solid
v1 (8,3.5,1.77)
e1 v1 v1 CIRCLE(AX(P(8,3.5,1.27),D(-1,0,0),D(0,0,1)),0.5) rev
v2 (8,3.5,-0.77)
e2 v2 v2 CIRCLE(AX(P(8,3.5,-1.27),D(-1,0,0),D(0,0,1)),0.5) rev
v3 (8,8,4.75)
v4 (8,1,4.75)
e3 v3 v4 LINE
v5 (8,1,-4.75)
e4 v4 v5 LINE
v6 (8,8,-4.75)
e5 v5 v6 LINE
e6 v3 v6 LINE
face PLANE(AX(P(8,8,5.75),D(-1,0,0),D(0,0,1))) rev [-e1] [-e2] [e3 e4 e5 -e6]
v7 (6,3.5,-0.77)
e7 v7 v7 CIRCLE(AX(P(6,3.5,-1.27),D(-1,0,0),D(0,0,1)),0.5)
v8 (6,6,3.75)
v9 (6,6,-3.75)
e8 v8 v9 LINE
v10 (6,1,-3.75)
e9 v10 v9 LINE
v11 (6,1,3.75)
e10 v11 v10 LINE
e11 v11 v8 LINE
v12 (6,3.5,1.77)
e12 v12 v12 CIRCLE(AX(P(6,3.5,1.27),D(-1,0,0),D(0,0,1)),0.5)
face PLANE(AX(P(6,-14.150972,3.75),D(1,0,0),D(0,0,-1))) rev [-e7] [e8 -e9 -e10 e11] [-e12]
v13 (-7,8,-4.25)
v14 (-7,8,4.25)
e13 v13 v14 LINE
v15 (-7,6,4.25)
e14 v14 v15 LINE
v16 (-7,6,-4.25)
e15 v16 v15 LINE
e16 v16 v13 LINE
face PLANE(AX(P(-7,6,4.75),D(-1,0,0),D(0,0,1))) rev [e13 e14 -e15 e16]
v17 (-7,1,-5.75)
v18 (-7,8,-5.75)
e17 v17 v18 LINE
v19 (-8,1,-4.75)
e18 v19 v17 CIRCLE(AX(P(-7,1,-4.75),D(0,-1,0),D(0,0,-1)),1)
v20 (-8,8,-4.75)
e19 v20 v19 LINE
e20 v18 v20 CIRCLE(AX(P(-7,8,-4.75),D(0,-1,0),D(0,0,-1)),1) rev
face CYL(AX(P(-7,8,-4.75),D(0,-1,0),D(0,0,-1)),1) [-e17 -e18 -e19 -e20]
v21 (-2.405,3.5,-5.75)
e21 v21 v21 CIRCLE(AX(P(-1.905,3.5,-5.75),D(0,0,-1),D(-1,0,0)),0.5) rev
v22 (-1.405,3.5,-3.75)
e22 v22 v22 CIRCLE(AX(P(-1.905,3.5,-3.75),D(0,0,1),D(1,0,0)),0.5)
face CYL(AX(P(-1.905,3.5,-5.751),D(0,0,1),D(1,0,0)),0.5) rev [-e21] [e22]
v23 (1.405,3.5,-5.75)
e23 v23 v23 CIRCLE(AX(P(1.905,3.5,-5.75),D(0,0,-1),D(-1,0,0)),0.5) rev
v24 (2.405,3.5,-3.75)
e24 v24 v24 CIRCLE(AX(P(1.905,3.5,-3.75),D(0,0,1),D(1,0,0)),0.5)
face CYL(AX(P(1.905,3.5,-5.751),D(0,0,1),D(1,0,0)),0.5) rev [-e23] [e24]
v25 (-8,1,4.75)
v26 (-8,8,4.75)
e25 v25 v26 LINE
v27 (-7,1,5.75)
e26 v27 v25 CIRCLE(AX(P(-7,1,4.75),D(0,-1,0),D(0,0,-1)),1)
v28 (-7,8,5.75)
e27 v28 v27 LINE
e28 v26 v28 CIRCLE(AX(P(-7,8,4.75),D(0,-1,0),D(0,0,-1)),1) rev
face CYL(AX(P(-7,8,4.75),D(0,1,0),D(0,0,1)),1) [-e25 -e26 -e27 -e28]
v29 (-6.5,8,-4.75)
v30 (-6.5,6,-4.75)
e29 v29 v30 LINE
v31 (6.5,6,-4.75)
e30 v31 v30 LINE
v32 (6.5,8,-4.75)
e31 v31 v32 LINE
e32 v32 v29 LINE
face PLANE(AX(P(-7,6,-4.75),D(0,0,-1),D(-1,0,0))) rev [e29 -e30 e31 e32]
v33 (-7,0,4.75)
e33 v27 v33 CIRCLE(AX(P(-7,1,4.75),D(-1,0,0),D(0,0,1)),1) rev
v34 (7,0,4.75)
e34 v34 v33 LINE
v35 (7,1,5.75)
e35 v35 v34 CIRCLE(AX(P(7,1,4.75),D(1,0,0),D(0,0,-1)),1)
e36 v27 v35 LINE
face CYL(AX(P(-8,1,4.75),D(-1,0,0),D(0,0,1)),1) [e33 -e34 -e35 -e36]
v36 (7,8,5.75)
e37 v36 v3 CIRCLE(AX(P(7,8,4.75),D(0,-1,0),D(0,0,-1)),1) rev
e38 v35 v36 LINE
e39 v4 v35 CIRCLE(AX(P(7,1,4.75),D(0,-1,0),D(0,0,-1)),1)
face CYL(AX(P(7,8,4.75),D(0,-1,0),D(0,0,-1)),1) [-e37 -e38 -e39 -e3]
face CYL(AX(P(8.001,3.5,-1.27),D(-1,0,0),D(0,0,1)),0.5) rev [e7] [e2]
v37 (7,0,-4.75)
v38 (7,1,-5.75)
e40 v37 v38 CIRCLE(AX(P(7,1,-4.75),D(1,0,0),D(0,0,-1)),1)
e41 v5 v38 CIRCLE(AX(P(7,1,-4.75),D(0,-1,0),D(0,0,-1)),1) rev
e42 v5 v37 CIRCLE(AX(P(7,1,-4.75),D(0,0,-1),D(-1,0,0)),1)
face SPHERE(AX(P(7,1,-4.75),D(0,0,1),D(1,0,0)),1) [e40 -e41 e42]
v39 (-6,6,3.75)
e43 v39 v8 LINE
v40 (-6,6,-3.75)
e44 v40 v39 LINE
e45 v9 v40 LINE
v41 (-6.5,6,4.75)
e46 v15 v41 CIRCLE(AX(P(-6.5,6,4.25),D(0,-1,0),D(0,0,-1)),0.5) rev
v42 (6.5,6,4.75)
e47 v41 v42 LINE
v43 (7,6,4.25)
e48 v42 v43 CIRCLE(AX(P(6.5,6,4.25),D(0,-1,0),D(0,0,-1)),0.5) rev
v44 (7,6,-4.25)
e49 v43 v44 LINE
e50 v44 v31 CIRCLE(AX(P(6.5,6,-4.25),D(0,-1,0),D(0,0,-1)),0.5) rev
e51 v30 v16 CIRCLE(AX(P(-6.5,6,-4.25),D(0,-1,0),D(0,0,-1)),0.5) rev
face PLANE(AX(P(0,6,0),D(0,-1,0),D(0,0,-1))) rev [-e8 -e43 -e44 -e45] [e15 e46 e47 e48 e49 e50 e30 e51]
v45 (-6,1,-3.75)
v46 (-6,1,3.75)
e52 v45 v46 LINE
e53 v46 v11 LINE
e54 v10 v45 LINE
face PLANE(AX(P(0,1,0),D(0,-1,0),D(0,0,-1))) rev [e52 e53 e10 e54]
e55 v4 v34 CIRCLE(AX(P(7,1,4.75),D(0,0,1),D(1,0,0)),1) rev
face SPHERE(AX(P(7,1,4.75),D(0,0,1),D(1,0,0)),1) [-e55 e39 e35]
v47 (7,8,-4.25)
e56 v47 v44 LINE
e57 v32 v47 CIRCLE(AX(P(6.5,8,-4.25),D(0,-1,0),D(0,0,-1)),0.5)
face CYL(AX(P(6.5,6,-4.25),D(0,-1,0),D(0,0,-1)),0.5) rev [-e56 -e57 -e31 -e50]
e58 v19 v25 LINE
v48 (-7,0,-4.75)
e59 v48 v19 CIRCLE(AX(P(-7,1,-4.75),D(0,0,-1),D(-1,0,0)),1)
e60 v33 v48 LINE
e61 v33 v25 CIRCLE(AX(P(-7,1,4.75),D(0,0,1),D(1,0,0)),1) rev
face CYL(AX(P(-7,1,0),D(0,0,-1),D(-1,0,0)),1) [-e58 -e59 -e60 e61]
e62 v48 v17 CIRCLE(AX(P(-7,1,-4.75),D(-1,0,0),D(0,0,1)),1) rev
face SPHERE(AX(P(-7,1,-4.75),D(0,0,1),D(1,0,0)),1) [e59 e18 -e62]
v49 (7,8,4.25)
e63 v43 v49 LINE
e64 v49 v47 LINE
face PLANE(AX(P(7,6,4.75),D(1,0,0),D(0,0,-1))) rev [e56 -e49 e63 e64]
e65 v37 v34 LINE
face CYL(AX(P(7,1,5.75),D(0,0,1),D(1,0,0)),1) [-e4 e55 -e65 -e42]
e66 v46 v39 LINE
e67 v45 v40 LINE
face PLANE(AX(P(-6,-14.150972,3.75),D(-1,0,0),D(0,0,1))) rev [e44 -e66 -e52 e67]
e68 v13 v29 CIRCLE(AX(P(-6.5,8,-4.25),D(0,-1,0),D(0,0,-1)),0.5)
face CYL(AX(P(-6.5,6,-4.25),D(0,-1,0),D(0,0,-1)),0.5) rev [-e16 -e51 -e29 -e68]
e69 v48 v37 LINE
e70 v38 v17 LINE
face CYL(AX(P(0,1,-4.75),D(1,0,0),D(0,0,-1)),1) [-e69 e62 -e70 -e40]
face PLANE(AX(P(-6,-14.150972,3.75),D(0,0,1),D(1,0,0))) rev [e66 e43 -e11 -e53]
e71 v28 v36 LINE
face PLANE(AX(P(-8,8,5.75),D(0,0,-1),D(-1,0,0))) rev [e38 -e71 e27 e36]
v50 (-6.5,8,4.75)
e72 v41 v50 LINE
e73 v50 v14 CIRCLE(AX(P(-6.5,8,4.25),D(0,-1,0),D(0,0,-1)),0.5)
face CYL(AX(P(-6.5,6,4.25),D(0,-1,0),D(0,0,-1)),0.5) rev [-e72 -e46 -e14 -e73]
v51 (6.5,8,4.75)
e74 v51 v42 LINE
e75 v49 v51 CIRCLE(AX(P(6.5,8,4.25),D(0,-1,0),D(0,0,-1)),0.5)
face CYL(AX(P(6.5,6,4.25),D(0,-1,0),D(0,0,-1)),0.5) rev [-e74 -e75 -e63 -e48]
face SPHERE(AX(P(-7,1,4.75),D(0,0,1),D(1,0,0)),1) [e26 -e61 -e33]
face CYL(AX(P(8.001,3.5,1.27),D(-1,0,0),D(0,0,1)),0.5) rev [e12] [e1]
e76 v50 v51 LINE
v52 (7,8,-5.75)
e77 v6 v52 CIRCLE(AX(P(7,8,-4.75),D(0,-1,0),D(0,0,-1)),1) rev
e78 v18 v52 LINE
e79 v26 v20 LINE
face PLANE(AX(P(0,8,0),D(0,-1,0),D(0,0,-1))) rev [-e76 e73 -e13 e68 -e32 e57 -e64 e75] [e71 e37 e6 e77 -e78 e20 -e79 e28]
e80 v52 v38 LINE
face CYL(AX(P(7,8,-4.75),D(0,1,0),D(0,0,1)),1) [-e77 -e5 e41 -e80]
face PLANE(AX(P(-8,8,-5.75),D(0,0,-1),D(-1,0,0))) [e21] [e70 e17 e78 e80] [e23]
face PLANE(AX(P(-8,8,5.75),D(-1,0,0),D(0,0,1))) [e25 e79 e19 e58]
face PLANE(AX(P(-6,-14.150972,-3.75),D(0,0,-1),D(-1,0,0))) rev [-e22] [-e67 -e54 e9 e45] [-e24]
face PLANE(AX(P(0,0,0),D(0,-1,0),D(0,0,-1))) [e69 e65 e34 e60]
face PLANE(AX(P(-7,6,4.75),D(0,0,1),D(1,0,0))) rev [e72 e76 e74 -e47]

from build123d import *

# Parameters (mm, degrees)
CROQUIS1_W              = 16
CROQUIS1_H              = 11.5
SALIENTE_EXTRUIR2_DEPTH = 8
CROQUIS3_W              = 14
CROQUIS3_H              = 9.5
CORTAR_EXTRUIR2_DEPTH   = 2
CROQUIS4_W              = 12
CROQUIS4_H              = 7.5
CORTAR_EXTRUIR3_DEPTH   = 5
REDONDEO1_R             = 1
REDONDEO2_R             = 0.5
CORTAR_EXTRUIR4_REACH   = 19.119
CROQUIS5_R              = 0.5
CORTAR_EXTRUIR5_REACH   = 16.773
CROQUIS6_R              = 0.5


with BuildPart() as part:
    # Croquis1 → Saliente-Extruir2 (new body)
    with BuildSketch(Plane(origin=(0, 0, 0), x_dir=(1, 0, 0), z_dir=(0, 1, 0))):
        Rectangle(CROQUIS1_W, CROQUIS1_H)
    extrude(amount=SALIENTE_EXTRUIR2_DEPTH)

    # Croquis3 → Cortar-Extruir2 (cut)
    with BuildSketch(Plane(origin=(0, 8, 0), x_dir=(1, 0, 0), z_dir=(0, 1, 0))):
        Rectangle(CROQUIS3_W, CROQUIS3_H)
    extrude(amount=-CORTAR_EXTRUIR2_DEPTH, mode=Mode.SUBTRACT)

    # Croquis4 → Cortar-Extruir3 (cut)
    with BuildSketch(Plane(origin=(0, 6, 0), x_dir=(1, 0, 0), z_dir=(0, 1, 0))):
        Rectangle(CROQUIS4_W, CROQUIS4_H)
    extrude(amount=-CORTAR_EXTRUIR3_DEPTH, mode=Mode.SUBTRACT)

    # Redondeo1
    redondeo1_edges = [part.edges().sort_by_distance(p)[0] for p in [
        (0, 0, 5.75),
        (8, 0, 0),
        (0, 0, -5.75),
        (-8, 0, 0),
        (-8, 4, 5.75),
        (8, 4, 5.75),
        (8, 4, -5.75),
        (-8, 4, -5.75),
    ]]
    fillet(redondeo1_edges, radius=REDONDEO1_R)

    # Redondeo2
    redondeo2_edges = [part.edges().sort_by_distance(p)[0] for p in [
        (7, 7, -4.75),
        (7, 7, 4.75),
        (-7, 7, 4.75),
        (-7, 7, -4.75),
    ]]
    fillet(redondeo2_edges, radius=REDONDEO2_R)

    # Croquis5 → Cortar-Extruir4 (cut, up to next)
    with BuildSketch(Plane.ZY.offset(-6), mode=Mode.PRIVATE) as cortar_extruir4_sk1:
        with Locations((-1.27, 3.5)):
            Circle(CROQUIS5_R)
    cortar_extruir4_tool1 = extrude(cortar_extruir4_sk1.sketch, amount=-CORTAR_EXTRUIR4_REACH, mode=Mode.PRIVATE) & part.part
    # Croquis5 → Cortar-Extruir4 (cut, up to next)
    with BuildSketch(Plane.ZY.offset(-6), mode=Mode.PRIVATE) as cortar_extruir4_sk2:
        with Locations((1.27, 3.5)):
            Circle(CROQUIS5_R)
    cortar_extruir4_tool2 = extrude(cortar_extruir4_sk2.sketch, amount=-CORTAR_EXTRUIR4_REACH, mode=Mode.PRIVATE) & part.part
    add(cortar_extruir4_tool1.solids().sort_by_distance((6, 3.5, -1.27))[0], mode=Mode.SUBTRACT)
    add(cortar_extruir4_tool2.solids().sort_by_distance((6, 3.5, 1.27))[0], mode=Mode.SUBTRACT)

    # Croquis6 → Cortar-Extruir5 (cut, up to next)
    with BuildSketch(Plane.XY.offset(-3.75), mode=Mode.PRIVATE) as cortar_extruir5_sk1:
        with Locations((1.905, 3.5)):
            Circle(CROQUIS6_R)
    cortar_extruir5_tool1 = extrude(cortar_extruir5_sk1.sketch, amount=-CORTAR_EXTRUIR5_REACH, mode=Mode.PRIVATE) & part.part
    # Croquis6 → Cortar-Extruir5 (cut, up to next)
    with BuildSketch(Plane.XY.offset(-3.75), mode=Mode.PRIVATE) as cortar_extruir5_sk2:
        with Locations((-1.905, 3.5)):
            Circle(CROQUIS6_R)
    cortar_extruir5_tool2 = extrude(cortar_extruir5_sk2.sketch, amount=-CORTAR_EXTRUIR5_REACH, mode=Mode.PRIVATE) & part.part
    add(cortar_extruir5_tool1.solids().sort_by_distance((1.905, 3.5, -3.75))[0], mode=Mode.SUBTRACT)
    add(cortar_extruir5_tool2.solids().sort_by_distance((-1.905, 3.5, -3.75))[0], mode=Mode.SUBTRACT)


solid = part.part
